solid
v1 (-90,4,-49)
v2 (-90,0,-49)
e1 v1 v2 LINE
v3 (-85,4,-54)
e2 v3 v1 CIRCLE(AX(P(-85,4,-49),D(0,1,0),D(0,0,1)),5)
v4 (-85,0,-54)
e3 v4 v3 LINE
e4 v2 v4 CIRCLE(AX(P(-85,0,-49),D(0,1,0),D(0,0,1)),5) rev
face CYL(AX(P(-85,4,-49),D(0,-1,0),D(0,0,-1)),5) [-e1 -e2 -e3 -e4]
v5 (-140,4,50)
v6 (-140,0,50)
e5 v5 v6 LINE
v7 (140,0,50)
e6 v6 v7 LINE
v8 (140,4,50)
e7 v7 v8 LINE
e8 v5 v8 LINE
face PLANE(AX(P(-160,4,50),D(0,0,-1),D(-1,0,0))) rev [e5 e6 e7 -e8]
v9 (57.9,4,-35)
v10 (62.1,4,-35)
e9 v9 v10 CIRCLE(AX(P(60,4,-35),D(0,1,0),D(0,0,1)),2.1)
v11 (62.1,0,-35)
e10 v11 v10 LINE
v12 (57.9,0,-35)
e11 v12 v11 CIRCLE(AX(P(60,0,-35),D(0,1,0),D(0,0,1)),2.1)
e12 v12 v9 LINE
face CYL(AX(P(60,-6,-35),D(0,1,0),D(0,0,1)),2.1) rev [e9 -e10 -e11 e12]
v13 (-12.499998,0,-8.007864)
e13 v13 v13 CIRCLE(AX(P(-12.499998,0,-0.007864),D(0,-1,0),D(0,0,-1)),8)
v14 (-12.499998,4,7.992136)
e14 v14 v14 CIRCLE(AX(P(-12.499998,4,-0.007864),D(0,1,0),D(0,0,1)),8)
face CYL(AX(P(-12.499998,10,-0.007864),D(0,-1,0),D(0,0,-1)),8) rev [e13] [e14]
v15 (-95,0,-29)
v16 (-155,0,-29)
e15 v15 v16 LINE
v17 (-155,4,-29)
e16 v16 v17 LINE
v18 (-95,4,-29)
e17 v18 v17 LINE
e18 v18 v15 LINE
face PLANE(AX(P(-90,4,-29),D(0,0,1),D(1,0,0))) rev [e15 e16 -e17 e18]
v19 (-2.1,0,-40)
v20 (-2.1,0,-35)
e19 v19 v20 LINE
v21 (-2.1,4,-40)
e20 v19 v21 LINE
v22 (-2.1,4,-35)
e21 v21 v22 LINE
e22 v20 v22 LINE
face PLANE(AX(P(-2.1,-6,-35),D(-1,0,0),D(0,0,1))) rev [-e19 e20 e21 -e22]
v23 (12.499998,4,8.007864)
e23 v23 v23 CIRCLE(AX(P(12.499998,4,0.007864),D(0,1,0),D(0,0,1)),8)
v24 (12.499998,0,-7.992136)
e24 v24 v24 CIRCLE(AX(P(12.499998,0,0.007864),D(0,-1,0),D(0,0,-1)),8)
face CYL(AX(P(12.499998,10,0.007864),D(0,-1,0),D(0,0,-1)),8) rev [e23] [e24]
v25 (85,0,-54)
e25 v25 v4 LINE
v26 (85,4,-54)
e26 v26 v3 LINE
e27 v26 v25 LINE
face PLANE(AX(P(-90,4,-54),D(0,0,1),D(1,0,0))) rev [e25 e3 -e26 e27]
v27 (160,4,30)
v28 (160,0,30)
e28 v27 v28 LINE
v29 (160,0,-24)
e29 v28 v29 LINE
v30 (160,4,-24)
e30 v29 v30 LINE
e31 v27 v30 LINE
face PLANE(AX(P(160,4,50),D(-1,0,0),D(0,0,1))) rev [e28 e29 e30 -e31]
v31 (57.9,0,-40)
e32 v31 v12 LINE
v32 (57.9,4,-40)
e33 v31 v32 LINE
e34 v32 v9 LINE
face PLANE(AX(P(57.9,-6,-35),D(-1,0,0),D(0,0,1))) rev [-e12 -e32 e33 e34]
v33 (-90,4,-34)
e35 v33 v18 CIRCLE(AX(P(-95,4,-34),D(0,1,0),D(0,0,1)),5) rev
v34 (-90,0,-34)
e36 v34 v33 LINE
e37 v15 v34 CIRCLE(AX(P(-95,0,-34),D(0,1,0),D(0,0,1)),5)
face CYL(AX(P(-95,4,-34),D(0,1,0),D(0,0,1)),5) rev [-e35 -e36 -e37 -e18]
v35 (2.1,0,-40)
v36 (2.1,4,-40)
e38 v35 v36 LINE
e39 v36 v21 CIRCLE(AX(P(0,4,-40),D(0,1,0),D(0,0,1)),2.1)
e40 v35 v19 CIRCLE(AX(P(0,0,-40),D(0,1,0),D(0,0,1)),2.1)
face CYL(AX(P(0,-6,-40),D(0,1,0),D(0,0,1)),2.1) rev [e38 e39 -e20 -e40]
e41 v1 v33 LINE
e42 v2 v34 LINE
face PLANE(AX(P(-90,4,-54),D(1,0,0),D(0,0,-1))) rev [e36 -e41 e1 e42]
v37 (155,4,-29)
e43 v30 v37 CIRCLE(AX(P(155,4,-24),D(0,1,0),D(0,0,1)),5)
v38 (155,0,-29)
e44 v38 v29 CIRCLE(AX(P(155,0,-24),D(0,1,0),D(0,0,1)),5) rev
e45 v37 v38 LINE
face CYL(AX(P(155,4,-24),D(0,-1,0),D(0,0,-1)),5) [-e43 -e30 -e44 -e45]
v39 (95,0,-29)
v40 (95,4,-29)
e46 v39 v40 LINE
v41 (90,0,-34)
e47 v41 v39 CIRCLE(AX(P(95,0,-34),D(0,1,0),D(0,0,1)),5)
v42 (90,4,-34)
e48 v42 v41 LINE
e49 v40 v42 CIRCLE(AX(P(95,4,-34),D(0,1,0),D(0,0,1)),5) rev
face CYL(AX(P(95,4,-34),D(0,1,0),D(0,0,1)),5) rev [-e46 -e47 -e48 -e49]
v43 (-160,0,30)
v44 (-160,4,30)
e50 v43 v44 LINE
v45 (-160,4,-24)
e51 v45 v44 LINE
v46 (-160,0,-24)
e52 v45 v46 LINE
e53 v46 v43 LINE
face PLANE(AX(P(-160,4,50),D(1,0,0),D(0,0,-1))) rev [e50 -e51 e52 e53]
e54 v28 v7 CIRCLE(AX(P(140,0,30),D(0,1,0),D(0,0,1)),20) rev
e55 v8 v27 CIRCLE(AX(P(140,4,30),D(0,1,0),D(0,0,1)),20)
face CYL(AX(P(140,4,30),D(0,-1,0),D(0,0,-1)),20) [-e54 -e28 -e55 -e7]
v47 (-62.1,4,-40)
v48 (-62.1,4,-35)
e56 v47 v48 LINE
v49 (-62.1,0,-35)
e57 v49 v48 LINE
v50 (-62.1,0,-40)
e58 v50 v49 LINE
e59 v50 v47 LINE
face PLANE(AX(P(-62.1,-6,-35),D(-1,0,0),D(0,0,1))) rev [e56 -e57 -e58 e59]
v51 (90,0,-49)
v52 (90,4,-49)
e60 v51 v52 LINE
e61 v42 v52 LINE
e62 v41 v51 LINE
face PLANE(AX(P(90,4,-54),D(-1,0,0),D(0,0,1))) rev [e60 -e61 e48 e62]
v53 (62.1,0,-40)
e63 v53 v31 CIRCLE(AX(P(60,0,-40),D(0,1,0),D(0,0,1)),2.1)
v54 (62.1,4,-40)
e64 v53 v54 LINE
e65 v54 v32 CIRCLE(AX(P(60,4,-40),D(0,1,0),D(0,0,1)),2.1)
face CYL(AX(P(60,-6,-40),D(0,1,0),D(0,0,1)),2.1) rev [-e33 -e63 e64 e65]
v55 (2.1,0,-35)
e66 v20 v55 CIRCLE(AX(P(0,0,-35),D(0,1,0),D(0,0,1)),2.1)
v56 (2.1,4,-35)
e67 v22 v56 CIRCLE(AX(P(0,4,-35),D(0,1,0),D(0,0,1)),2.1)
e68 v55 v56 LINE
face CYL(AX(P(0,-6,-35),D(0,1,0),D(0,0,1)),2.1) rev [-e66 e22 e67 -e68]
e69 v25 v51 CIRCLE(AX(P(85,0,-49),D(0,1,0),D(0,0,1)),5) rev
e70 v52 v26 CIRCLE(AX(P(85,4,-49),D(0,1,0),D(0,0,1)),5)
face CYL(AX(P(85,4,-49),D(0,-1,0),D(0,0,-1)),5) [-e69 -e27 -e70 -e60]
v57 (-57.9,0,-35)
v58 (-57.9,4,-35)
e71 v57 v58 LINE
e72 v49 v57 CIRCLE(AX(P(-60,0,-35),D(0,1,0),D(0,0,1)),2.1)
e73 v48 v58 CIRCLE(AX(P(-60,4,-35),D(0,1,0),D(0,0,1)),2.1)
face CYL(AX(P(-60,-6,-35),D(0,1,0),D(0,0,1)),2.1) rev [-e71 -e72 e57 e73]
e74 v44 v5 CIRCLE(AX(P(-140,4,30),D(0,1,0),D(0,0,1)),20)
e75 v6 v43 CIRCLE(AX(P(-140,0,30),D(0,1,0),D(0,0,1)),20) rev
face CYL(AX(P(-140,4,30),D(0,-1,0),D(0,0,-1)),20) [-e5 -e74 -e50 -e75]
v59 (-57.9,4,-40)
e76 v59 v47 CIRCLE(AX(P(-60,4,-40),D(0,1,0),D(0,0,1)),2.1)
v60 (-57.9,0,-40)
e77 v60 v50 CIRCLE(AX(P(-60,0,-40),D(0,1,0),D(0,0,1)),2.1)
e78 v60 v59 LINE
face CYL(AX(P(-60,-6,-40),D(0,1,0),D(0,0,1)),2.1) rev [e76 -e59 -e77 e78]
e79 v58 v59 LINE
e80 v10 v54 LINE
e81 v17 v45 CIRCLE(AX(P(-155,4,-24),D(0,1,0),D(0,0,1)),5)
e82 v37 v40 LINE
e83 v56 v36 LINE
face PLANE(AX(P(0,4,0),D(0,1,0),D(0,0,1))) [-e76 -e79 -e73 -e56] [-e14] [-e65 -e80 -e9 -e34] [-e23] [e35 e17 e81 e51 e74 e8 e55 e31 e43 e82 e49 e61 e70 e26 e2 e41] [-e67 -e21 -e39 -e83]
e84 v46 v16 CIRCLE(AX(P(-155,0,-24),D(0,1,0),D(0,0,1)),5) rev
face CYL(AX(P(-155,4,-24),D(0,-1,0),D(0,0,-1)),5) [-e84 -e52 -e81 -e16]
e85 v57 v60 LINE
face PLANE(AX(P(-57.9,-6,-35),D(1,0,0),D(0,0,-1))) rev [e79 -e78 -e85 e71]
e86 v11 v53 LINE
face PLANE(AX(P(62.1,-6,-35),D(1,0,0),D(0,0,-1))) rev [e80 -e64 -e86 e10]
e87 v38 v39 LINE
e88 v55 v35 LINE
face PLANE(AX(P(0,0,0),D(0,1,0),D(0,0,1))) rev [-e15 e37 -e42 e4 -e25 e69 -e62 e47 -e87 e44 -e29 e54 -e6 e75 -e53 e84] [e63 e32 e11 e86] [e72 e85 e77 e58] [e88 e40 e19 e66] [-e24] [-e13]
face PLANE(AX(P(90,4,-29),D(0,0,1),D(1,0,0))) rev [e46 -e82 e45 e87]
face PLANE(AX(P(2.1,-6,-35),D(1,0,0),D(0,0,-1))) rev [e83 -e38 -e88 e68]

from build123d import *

# Parameters (mm, degrees)
EXTRUDE_1_DEPTH     = 4
FILLET_1_R          = 5
FILLET_2_R          = 20
FILLET_3_R          = 5
SKETCH_2_R          = 8
CUT_EXTRUDE_1_DEPTH = 10
CUT_EXTRUDE_2_DEPTH = 10


with BuildPart() as part:
    # 草图1 → 凸台-拉伸1 (new body)
    with BuildSketch(Plane(origin=(0, 0, 0), x_dir=(1, 0, 0), z_dir=(0, 1, 0))):
        Polygon((90, 54), (90, 29), (160, 29), (160, -50), (-160, -50), (-160, 29), (-90, 29), (-90, 54), align=None)
    extrude(amount=EXTRUDE_1_DEPTH)

    # 圆角1
    fillet_1_edges = [part.edges().sort_by_distance(p)[0] for p in [
        (-90, 2, -29),
        (-90, 2, -54),
        (90, 2, -54),
        (90, 2, -29),
    ]]
    fillet(fillet_1_edges, radius=FILLET_1_R)

    # 圆角2
    fillet_2_edges = [part.edges().sort_by_distance(p)[0] for p in [
        (160, 2, 50),
        (-160, 2, 50),
    ]]
    fillet(fillet_2_edges, radius=FILLET_2_R)

    # 圆角3
    fillet_3_edges = [part.edges().sort_by_distance(p)[0] for p in [
        (-160, 2, -29),
        (160, 2, -29),
    ]]
    fillet(fillet_3_edges, radius=FILLET_3_R)

    # 草图2 → 切除-拉伸1 (cut)
    with BuildSketch(Plane.XZ):
        with Locations(Location((12.499997526, 0.007864027, 0), (0, 0, 270))):
            Circle(SKETCH_2_R)
        with Locations(Location((-12.499997526, -0.007864027, 0), (0, 0, 270))):
            Circle(SKETCH_2_R)
    extrude(amount=-CUT_EXTRUDE_1_DEPTH, mode=Mode.SUBTRACT)

    # 草图4 → 切除-拉伸2 (cut)
    with BuildSketch(Plane(origin=(0, 4, 0), x_dir=(1, 0, 0), z_dir=(0, 1, 0))):
        with BuildLine():
            Line((-2.1, 35), (-2.1, 40))
            ThreePointArc((-2.1, 40), (0, 42.1), (2.1, 40))
            Line((2.1, 40), (2.1, 35))
            ThreePointArc((2.1, 35), (0, 32.9), (-2.1, 35))
        make_face()
        with BuildLine():
            Line((62.1, 35), (62.1, 40))
            ThreePointArc((62.1, 40), (60, 42.1), (57.9, 40))
            Line((57.9, 40), (57.9, 35))
            ThreePointArc((57.9, 35), (60, 32.9), (62.1, 35))
        make_face()
        with BuildLine():
            Line((-57.9, 35), (-57.9, 40))
            ThreePointArc((-57.9, 40), (-60, 42.1), (-62.1, 40))
            Line((-62.1, 40), (-62.1, 35))
            ThreePointArc((-62.1, 35), (-60, 32.9), (-57.9, 35))
        make_face()
    extrude(amount=-CUT_EXTRUDE_2_DEPTH, mode=Mode.SUBTRACT)


solid = part.part
